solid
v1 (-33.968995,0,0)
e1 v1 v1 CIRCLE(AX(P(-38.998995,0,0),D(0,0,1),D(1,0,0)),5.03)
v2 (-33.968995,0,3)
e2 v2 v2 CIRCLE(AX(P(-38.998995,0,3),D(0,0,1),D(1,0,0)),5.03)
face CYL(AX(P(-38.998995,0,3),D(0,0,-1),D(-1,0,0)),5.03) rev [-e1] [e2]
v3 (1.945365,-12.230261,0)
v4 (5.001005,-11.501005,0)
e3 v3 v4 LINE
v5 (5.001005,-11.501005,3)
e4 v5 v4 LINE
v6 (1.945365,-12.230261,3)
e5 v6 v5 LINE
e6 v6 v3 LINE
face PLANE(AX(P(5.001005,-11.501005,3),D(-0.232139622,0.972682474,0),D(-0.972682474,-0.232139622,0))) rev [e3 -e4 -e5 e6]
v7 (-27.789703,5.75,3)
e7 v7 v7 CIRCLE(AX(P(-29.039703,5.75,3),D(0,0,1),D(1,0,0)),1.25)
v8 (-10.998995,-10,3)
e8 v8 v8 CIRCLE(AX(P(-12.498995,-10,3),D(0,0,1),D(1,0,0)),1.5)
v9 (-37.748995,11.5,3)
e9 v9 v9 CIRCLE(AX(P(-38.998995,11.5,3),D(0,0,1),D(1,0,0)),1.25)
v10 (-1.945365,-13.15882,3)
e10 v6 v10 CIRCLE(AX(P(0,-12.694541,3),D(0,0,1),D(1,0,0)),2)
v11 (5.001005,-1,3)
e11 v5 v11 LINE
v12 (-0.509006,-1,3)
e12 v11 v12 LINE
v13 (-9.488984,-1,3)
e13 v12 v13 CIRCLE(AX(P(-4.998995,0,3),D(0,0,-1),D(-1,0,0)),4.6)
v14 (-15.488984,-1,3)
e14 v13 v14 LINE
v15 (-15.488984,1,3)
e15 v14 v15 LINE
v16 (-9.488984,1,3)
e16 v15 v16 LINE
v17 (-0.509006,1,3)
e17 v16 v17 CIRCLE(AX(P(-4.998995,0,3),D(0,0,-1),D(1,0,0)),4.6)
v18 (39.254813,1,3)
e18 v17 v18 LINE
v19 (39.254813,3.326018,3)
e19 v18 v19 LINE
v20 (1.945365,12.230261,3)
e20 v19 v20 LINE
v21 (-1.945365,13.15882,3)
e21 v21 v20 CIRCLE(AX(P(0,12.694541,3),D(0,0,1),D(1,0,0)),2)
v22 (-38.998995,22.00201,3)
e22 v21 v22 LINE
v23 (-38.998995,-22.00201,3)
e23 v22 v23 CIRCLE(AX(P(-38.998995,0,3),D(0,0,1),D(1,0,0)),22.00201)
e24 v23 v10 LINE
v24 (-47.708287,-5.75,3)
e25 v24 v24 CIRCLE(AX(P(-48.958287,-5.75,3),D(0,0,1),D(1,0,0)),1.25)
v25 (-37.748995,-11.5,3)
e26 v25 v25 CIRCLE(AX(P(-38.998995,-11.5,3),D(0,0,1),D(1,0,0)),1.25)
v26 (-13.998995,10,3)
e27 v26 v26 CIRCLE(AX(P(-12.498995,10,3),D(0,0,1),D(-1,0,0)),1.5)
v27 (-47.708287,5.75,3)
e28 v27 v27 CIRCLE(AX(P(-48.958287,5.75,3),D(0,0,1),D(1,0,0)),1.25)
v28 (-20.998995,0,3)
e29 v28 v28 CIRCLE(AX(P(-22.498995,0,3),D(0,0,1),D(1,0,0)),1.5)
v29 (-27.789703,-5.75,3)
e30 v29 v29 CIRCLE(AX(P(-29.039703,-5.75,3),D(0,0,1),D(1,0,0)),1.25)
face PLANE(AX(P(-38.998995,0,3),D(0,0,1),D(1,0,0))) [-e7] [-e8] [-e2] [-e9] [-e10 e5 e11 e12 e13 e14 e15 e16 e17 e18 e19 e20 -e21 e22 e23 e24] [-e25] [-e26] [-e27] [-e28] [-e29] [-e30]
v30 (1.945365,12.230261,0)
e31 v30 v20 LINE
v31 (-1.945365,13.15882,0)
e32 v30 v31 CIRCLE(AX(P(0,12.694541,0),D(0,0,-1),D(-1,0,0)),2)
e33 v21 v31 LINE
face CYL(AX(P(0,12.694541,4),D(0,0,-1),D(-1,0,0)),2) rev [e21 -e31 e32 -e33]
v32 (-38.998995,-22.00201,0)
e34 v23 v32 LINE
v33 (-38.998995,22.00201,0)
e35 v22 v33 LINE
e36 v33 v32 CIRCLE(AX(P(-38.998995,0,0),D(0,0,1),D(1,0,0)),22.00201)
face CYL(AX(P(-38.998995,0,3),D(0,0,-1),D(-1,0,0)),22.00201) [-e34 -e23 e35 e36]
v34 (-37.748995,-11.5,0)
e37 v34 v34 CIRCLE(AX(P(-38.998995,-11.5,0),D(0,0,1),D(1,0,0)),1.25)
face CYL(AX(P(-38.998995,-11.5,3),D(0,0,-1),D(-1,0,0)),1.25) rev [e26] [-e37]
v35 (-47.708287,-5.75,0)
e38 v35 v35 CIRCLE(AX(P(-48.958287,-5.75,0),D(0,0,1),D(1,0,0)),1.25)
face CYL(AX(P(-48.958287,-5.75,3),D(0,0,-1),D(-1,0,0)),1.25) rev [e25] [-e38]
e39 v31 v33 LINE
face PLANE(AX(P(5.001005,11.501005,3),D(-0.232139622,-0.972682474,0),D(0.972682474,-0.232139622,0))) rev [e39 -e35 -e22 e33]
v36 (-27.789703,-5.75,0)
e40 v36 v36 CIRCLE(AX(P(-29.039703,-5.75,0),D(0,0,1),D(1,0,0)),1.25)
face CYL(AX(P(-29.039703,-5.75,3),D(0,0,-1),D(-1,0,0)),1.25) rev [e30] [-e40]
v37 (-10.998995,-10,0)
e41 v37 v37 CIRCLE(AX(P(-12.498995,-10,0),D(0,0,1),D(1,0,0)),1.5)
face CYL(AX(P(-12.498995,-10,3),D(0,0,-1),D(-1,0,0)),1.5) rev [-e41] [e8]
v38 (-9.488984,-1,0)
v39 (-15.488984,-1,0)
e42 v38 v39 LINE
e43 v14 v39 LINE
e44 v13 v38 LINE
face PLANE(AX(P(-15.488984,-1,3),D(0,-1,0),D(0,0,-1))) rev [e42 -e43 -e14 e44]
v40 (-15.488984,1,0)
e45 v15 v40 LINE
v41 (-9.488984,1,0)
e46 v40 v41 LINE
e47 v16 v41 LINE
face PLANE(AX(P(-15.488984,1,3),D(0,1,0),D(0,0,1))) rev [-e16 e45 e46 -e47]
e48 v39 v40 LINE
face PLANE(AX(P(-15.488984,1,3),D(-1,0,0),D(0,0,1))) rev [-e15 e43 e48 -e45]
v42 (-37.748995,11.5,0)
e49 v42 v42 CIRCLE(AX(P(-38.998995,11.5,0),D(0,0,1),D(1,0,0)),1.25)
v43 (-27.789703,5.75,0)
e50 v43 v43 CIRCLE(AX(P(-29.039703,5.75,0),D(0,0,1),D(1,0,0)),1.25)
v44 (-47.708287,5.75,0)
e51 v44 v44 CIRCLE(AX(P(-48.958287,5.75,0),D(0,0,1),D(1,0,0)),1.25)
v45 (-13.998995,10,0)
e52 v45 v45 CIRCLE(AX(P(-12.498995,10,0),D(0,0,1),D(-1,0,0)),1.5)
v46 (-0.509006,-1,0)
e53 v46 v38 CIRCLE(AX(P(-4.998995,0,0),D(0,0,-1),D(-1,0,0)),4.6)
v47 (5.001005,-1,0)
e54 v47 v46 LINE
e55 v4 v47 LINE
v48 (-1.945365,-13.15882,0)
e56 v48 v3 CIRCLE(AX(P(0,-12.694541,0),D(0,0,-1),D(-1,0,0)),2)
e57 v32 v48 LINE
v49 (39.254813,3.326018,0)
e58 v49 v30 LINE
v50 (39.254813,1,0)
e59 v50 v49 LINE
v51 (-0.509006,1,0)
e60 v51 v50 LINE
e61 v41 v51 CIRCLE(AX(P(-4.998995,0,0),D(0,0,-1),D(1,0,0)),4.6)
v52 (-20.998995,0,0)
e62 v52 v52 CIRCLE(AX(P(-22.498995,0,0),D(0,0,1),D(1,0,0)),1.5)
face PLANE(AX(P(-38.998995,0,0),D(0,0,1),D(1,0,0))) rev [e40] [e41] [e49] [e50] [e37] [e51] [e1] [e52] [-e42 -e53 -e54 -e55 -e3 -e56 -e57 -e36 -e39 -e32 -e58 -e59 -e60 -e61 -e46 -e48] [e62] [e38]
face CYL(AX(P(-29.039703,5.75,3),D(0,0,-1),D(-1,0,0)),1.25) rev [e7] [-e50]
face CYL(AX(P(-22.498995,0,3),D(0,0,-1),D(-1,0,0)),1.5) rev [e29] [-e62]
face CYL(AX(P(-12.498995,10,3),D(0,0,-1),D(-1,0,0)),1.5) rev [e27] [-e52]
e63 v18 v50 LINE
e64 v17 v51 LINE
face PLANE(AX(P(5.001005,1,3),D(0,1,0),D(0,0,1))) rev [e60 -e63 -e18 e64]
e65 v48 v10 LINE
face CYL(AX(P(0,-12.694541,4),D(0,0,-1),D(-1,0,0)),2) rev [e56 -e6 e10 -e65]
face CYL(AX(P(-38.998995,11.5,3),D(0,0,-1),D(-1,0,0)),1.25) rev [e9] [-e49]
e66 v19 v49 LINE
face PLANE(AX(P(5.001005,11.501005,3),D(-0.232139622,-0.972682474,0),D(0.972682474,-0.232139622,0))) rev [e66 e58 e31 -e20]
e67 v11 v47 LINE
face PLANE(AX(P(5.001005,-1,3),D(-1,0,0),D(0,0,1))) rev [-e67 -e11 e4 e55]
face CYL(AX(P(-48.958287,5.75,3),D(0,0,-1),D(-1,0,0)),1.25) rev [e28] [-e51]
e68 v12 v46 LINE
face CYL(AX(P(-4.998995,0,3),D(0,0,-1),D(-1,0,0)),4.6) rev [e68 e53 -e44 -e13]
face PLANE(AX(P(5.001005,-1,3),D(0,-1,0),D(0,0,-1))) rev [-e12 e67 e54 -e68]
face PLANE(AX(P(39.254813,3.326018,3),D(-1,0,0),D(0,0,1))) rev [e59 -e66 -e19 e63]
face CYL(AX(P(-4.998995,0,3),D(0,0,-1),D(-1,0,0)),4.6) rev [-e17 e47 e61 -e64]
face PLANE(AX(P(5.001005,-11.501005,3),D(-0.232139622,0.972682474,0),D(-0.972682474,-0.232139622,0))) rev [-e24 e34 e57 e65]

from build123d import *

# Parameters (mm, degrees)
SKETCH_1_R          = 5.03
SKETCH_1_R_2        = 1.25
SKETCH_1_R_3        = 1.5
EXTRUDE_1_DEPTH     = 3
SKETCH_2_R          = 2
CUT_EXTRUDE_1_DEPTH = 4


with BuildPart() as part:
    # 草图1 → 凸台-拉伸1 (new body)
    with BuildSketch(Plane.XY):
        with BuildLine():
            Line((-15.488984032, 1), (-9.488984032, 1))
            ThreePointArc((-9.488984032, 1), (-4.998995168, 4.6), (-0.509006304, 1))
            Line((-0.509006304, 1), (5.001004832, 1))
            Line((5.001004832, 1), (39.254812875, 1))
            Line((39.254812875, 1), (39.254812875, 3.326018382))
            Line((39.254812875, 3.326018382), (5.001004832, 11.501004832))
            Line((5.001004832, 11.501004832), (-38.998995168, 22.002009663))
            ThreePointArc((-38.998995168, 22.002009663), (-61.001004832, 0), (-38.998995168, -22.002009663))
            Line((-38.998995168, -22.002009663), (5.001004832, -11.501004832))
            Line((5.001004832, -11.501004832), (5.001004832, -1))
            Line((5.001004832, -1), (-0.509006304, -1))
            ThreePointArc((-0.509006304, -1), (-4.998995168, -4.6), (-9.488984032, -1))
            Line((-9.488984032, -1), (-15.488984032, -1))
            Line((-15.488984032, -1), (-15.488984032, 1))
        make_face()
        with Locations((-38.998995168, 0)):
            Circle(SKETCH_1_R, mode=Mode.SUBTRACT)
        with Locations((-38.998995168, -11.5)):
            Circle(SKETCH_1_R_2, mode=Mode.SUBTRACT)
        with Locations((-12.498995168, -10)):
            Circle(SKETCH_1_R_3, mode=Mode.SUBTRACT)
        with Locations((-22.498995168, 0)):
            Circle(SKETCH_1_R_3, mode=Mode.SUBTRACT)
        with Locations((-48.958287312, -5.75)):
            Circle(SKETCH_1_R_2, mode=Mode.SUBTRACT)
        with Locations(Location((-12.498995168, 10, 0), (0, 0, 180))):
            Circle(SKETCH_1_R_3, mode=Mode.SUBTRACT)
        with Locations((-48.958287312, 5.75)):
            Circle(SKETCH_1_R_2, mode=Mode.SUBTRACT)
        with Locations((-38.998995168, 11.5)):
            Circle(SKETCH_1_R_2, mode=Mode.SUBTRACT)
        with Locations((-29.039703025, 5.75)):
            Circle(SKETCH_1_R_2, mode=Mode.SUBTRACT)
        with Locations((-29.039703025, -5.75)):
            Circle(SKETCH_1_R_2, mode=Mode.SUBTRACT)
    extrude(amount=EXTRUDE_1_DEPTH)

    # 草图2 → 切除-拉伸1 (cut)
    with BuildSketch(Plane(origin=(0, 0, 0), x_dir=(-1, 0, 0), z_dir=(0, 0, -1))):
        with Locations((0, 12.694540648)):
            Circle(SKETCH_2_R)
        with Locations((0, -12.694540648)):
            Circle(SKETCH_2_R)
    extrude(amount=-CUT_EXTRUDE_1_DEPTH, mode=Mode.SUBTRACT)


solid = part.part
